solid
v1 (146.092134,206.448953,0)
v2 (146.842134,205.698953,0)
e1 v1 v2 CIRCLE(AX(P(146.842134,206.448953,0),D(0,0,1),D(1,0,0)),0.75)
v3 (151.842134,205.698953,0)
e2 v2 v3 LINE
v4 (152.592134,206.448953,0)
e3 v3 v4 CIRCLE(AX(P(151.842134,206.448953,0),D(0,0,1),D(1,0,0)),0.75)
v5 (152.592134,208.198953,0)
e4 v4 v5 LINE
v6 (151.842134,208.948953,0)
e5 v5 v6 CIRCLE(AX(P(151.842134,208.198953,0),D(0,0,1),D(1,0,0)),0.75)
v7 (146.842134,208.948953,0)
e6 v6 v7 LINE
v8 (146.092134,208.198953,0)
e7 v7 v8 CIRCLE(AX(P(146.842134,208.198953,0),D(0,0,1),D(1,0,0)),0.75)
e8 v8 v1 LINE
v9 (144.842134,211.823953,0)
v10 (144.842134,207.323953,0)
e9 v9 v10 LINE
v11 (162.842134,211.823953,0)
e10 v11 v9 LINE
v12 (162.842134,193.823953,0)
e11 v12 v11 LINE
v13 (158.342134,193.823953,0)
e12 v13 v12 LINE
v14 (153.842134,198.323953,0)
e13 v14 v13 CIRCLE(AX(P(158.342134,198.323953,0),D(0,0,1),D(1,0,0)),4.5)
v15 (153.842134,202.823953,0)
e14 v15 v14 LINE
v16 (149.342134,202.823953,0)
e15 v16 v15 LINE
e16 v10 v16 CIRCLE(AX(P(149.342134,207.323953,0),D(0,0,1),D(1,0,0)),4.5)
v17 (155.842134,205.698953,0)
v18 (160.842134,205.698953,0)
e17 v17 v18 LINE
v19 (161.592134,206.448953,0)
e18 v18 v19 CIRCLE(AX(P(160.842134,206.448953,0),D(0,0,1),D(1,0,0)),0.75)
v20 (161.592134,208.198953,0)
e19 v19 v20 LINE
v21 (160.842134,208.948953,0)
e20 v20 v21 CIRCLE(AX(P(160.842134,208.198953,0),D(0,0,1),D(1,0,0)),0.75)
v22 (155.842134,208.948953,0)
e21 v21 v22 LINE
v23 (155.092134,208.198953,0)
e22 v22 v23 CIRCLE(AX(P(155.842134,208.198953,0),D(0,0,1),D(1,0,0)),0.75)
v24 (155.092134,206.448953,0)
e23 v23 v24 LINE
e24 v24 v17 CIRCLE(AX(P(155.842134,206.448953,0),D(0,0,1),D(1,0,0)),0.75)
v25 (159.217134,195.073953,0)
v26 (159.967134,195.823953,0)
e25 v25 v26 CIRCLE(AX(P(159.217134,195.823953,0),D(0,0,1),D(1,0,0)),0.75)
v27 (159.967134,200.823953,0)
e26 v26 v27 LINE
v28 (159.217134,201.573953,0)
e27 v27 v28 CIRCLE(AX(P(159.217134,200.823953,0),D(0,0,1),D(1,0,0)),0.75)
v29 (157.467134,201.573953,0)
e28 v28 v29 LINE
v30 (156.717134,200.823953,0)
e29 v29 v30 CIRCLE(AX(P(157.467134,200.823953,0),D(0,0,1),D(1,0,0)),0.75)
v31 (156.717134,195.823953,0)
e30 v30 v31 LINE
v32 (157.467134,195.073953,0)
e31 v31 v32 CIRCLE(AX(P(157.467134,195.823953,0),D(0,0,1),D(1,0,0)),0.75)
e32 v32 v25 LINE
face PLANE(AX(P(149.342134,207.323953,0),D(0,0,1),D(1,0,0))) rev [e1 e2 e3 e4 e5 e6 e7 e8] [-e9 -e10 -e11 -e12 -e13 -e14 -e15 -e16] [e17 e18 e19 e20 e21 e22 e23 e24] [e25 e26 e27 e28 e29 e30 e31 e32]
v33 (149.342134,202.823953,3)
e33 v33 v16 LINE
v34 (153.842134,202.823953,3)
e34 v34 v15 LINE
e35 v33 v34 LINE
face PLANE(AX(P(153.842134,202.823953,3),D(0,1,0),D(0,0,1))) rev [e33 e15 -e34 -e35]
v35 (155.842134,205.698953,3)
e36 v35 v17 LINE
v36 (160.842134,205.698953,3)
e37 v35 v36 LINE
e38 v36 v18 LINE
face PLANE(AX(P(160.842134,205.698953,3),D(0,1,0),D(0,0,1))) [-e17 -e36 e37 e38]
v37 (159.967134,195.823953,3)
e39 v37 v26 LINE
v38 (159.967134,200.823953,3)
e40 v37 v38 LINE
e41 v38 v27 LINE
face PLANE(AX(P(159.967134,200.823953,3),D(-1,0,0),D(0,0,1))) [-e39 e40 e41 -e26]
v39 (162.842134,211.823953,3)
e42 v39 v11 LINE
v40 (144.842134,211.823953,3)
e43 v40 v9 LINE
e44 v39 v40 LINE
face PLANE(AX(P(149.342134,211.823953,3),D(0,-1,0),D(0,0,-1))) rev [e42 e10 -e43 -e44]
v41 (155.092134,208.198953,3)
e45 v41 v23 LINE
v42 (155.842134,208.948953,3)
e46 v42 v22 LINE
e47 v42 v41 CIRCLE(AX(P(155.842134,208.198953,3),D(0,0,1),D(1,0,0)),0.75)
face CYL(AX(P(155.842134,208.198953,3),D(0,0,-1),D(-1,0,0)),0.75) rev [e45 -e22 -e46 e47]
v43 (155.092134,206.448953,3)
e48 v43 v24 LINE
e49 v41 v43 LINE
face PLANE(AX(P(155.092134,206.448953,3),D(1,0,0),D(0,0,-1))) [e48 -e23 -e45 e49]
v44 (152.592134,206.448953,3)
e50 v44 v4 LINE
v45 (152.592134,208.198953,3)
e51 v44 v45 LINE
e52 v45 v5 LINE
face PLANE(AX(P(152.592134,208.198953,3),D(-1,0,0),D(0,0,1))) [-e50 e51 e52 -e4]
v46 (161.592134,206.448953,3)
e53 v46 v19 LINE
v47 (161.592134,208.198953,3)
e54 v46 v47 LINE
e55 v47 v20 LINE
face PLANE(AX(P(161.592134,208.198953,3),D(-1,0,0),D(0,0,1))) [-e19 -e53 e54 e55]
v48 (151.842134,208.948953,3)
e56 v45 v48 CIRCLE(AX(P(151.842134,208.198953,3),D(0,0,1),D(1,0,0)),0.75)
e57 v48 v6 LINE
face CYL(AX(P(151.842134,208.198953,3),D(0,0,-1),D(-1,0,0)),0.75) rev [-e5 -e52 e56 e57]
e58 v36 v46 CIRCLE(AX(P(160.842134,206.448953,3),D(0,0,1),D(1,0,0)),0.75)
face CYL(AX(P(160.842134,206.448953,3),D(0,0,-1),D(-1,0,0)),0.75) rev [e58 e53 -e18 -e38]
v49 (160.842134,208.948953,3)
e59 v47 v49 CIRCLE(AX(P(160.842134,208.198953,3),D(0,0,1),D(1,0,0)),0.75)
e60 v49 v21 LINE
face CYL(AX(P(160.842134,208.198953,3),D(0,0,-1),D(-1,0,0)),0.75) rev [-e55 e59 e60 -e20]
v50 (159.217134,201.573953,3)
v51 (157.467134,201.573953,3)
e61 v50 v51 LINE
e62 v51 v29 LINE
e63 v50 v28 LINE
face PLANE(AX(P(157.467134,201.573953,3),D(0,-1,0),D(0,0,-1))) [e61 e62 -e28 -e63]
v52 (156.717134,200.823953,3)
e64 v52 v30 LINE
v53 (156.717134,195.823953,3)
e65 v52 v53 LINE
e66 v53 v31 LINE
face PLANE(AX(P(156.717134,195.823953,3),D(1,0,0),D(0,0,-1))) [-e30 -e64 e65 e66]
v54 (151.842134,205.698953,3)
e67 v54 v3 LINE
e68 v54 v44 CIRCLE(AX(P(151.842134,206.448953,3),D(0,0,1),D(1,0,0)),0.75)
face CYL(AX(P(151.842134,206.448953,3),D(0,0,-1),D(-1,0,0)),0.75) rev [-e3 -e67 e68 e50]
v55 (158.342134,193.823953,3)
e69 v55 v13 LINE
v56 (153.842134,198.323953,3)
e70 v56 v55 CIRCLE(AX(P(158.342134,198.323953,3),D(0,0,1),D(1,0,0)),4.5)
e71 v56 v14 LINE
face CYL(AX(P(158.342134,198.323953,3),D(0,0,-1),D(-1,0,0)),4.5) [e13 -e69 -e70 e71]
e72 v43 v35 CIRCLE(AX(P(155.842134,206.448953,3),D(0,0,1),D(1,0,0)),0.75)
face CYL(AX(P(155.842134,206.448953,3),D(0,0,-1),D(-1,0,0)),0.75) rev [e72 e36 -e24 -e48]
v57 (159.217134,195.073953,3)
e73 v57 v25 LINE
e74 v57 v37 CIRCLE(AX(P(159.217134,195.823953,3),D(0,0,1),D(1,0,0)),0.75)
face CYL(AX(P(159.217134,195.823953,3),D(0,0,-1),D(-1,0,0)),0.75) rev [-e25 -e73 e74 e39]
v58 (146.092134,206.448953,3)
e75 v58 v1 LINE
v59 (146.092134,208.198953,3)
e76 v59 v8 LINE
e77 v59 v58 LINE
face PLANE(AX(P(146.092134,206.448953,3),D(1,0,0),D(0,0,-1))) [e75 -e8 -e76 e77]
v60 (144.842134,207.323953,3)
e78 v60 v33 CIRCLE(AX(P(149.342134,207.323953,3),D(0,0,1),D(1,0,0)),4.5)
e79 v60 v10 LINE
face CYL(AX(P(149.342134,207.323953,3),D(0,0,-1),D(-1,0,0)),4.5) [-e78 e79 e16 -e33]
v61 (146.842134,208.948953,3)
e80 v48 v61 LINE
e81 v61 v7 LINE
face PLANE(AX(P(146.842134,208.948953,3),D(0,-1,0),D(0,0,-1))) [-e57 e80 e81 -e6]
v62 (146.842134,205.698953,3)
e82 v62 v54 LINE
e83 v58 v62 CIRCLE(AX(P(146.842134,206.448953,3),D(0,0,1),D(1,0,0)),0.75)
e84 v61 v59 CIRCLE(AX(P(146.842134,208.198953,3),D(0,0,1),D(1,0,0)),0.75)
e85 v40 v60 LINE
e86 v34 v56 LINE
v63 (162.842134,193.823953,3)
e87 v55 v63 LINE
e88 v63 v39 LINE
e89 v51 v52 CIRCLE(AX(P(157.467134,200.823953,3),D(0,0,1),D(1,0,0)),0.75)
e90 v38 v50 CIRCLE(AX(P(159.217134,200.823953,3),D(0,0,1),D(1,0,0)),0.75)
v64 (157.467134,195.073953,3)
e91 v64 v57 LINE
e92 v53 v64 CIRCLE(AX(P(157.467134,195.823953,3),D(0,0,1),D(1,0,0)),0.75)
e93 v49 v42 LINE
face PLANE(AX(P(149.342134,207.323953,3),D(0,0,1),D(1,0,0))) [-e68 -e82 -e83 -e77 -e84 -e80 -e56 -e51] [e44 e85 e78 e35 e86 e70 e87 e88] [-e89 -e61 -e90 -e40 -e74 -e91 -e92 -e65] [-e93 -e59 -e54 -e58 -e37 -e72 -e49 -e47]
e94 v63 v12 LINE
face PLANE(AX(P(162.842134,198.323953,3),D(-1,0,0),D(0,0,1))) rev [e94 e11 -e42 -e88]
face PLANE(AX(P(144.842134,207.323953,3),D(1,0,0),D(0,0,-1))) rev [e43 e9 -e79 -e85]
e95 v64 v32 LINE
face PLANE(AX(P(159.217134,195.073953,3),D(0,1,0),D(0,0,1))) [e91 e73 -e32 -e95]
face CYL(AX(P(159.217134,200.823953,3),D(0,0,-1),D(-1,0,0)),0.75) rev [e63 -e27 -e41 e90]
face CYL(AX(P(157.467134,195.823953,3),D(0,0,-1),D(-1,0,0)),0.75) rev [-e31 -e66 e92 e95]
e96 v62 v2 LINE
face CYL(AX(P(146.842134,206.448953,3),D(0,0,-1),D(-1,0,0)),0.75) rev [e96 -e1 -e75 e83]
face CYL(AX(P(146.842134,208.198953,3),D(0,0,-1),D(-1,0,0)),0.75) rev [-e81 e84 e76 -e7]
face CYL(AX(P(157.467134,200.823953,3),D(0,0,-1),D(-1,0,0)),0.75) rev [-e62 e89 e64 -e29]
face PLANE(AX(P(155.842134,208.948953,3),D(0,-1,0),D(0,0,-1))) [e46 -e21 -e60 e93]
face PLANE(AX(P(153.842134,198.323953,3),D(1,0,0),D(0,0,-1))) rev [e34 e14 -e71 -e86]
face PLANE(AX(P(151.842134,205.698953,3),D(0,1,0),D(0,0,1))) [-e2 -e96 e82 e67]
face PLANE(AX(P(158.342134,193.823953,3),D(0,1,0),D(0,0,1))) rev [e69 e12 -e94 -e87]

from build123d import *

# Parameters (mm, degrees)
SALIENTE_EXTRUIR1_DEPTH = 3


with BuildPart() as part:
    # Model → Saliente-Extruir1 (new body)
    with BuildSketch(Plane.XY):
        with BuildLine():
            Line((149.34213351, 211.823953209), (158.34213351, 211.823953209))
            Line((158.34213351, 211.823953209), (162.84213351, 211.823953209))
            Line((162.84213351, 211.823953209), (162.84213351, 198.323953209))
            Line((162.84213351, 198.323953209), (162.84213351, 193.823953209))
            Line((162.84213351, 193.823953209), (158.34213351, 193.823953209))
            ThreePointArc((158.34213351, 193.823953209), (155.160152994, 195.141972694), (153.84213351, 198.323953209))
            Line((153.84213351, 198.323953209), (153.84213351, 202.823953209))
            Line((153.84213351, 202.823953209), (149.34213351, 202.823953209))
            ThreePointArc((149.34213351, 202.823953209), (146.160152994, 204.141972694), (144.84213351, 207.323953209))
            Line((144.84213351, 207.323953209), (144.84213351, 211.823953209))
            Line((144.84213351, 211.823953209), (149.34213351, 211.823953209))
        make_face()
        with BuildLine():
            Line((156.71713351, 195.823953209), (156.71713351, 200.823953209))
            ThreePointArc((156.71713351, 200.823953209), (156.936803424, 201.354283295), (157.46713351, 201.573953209))
            Line((157.46713351, 201.573953209), (159.21713351, 201.573953209))
            ThreePointArc((159.21713351, 201.573953209), (159.747463595, 201.354283295), (159.96713351, 200.823953209))
            Line((159.96713351, 200.823953209), (159.96713351, 195.823953209))
            ThreePointArc((159.96713351, 195.823953209), (159.747463595, 195.293623123), (159.21713351, 195.073953209))
            Line((159.21713351, 195.073953209), (157.46713351, 195.073953209))
            ThreePointArc((157.46713351, 195.073953209), (156.936803424, 195.293623123), (156.71713351, 195.823953209))
        make_face(mode=Mode.SUBTRACT)
        with BuildLine():
            Line((151.84213351, 205.698953209), (146.84213351, 205.698953209))
            ThreePointArc((146.84213351, 205.698953209), (146.311803424, 205.918623123), (146.09213351, 206.448953209))
            Line((146.09213351, 206.448953209), (146.09213351, 208.198953209))
            ThreePointArc((146.09213351, 208.198953209), (146.311803424, 208.729283295), (146.84213351, 208.948953209))
            Line((146.84213351, 208.948953209), (151.84213351, 208.948953209))
            ThreePointArc((151.84213351, 208.948953209), (152.372463595, 208.729283295), (152.59213351, 208.198953209))
            Line((152.59213351, 208.198953209), (152.59213351, 206.448953209))
            ThreePointArc((152.59213351, 206.448953209), (152.372463595, 205.918623123), (151.84213351, 205.698953209))
        make_face(mode=Mode.SUBTRACT)
        with BuildLine():
            Line((160.84213351, 205.698953209), (155.84213351, 205.698953209))
            ThreePointArc((155.84213351, 205.698953209), (155.311803424, 205.918623123), (155.09213351, 206.448953209))
            Line((155.09213351, 206.448953209), (155.09213351, 208.198953209))
            ThreePointArc((155.09213351, 208.198953209), (155.311803424, 208.729283295), (155.84213351, 208.948953209))
            Line((155.84213351, 208.948953209), (160.84213351, 208.948953209))
            ThreePointArc((160.84213351, 208.948953209), (161.372463595, 208.729283295), (161.59213351, 208.198953209))
            Line((161.59213351, 208.198953209), (161.59213351, 206.448953209))
            ThreePointArc((161.59213351, 206.448953209), (161.372463595, 205.918623123), (160.84213351, 205.698953209))
        make_face(mode=Mode.SUBTRACT)
    extrude(amount=SALIENTE_EXTRUIR1_DEPTH)


solid = part.part
